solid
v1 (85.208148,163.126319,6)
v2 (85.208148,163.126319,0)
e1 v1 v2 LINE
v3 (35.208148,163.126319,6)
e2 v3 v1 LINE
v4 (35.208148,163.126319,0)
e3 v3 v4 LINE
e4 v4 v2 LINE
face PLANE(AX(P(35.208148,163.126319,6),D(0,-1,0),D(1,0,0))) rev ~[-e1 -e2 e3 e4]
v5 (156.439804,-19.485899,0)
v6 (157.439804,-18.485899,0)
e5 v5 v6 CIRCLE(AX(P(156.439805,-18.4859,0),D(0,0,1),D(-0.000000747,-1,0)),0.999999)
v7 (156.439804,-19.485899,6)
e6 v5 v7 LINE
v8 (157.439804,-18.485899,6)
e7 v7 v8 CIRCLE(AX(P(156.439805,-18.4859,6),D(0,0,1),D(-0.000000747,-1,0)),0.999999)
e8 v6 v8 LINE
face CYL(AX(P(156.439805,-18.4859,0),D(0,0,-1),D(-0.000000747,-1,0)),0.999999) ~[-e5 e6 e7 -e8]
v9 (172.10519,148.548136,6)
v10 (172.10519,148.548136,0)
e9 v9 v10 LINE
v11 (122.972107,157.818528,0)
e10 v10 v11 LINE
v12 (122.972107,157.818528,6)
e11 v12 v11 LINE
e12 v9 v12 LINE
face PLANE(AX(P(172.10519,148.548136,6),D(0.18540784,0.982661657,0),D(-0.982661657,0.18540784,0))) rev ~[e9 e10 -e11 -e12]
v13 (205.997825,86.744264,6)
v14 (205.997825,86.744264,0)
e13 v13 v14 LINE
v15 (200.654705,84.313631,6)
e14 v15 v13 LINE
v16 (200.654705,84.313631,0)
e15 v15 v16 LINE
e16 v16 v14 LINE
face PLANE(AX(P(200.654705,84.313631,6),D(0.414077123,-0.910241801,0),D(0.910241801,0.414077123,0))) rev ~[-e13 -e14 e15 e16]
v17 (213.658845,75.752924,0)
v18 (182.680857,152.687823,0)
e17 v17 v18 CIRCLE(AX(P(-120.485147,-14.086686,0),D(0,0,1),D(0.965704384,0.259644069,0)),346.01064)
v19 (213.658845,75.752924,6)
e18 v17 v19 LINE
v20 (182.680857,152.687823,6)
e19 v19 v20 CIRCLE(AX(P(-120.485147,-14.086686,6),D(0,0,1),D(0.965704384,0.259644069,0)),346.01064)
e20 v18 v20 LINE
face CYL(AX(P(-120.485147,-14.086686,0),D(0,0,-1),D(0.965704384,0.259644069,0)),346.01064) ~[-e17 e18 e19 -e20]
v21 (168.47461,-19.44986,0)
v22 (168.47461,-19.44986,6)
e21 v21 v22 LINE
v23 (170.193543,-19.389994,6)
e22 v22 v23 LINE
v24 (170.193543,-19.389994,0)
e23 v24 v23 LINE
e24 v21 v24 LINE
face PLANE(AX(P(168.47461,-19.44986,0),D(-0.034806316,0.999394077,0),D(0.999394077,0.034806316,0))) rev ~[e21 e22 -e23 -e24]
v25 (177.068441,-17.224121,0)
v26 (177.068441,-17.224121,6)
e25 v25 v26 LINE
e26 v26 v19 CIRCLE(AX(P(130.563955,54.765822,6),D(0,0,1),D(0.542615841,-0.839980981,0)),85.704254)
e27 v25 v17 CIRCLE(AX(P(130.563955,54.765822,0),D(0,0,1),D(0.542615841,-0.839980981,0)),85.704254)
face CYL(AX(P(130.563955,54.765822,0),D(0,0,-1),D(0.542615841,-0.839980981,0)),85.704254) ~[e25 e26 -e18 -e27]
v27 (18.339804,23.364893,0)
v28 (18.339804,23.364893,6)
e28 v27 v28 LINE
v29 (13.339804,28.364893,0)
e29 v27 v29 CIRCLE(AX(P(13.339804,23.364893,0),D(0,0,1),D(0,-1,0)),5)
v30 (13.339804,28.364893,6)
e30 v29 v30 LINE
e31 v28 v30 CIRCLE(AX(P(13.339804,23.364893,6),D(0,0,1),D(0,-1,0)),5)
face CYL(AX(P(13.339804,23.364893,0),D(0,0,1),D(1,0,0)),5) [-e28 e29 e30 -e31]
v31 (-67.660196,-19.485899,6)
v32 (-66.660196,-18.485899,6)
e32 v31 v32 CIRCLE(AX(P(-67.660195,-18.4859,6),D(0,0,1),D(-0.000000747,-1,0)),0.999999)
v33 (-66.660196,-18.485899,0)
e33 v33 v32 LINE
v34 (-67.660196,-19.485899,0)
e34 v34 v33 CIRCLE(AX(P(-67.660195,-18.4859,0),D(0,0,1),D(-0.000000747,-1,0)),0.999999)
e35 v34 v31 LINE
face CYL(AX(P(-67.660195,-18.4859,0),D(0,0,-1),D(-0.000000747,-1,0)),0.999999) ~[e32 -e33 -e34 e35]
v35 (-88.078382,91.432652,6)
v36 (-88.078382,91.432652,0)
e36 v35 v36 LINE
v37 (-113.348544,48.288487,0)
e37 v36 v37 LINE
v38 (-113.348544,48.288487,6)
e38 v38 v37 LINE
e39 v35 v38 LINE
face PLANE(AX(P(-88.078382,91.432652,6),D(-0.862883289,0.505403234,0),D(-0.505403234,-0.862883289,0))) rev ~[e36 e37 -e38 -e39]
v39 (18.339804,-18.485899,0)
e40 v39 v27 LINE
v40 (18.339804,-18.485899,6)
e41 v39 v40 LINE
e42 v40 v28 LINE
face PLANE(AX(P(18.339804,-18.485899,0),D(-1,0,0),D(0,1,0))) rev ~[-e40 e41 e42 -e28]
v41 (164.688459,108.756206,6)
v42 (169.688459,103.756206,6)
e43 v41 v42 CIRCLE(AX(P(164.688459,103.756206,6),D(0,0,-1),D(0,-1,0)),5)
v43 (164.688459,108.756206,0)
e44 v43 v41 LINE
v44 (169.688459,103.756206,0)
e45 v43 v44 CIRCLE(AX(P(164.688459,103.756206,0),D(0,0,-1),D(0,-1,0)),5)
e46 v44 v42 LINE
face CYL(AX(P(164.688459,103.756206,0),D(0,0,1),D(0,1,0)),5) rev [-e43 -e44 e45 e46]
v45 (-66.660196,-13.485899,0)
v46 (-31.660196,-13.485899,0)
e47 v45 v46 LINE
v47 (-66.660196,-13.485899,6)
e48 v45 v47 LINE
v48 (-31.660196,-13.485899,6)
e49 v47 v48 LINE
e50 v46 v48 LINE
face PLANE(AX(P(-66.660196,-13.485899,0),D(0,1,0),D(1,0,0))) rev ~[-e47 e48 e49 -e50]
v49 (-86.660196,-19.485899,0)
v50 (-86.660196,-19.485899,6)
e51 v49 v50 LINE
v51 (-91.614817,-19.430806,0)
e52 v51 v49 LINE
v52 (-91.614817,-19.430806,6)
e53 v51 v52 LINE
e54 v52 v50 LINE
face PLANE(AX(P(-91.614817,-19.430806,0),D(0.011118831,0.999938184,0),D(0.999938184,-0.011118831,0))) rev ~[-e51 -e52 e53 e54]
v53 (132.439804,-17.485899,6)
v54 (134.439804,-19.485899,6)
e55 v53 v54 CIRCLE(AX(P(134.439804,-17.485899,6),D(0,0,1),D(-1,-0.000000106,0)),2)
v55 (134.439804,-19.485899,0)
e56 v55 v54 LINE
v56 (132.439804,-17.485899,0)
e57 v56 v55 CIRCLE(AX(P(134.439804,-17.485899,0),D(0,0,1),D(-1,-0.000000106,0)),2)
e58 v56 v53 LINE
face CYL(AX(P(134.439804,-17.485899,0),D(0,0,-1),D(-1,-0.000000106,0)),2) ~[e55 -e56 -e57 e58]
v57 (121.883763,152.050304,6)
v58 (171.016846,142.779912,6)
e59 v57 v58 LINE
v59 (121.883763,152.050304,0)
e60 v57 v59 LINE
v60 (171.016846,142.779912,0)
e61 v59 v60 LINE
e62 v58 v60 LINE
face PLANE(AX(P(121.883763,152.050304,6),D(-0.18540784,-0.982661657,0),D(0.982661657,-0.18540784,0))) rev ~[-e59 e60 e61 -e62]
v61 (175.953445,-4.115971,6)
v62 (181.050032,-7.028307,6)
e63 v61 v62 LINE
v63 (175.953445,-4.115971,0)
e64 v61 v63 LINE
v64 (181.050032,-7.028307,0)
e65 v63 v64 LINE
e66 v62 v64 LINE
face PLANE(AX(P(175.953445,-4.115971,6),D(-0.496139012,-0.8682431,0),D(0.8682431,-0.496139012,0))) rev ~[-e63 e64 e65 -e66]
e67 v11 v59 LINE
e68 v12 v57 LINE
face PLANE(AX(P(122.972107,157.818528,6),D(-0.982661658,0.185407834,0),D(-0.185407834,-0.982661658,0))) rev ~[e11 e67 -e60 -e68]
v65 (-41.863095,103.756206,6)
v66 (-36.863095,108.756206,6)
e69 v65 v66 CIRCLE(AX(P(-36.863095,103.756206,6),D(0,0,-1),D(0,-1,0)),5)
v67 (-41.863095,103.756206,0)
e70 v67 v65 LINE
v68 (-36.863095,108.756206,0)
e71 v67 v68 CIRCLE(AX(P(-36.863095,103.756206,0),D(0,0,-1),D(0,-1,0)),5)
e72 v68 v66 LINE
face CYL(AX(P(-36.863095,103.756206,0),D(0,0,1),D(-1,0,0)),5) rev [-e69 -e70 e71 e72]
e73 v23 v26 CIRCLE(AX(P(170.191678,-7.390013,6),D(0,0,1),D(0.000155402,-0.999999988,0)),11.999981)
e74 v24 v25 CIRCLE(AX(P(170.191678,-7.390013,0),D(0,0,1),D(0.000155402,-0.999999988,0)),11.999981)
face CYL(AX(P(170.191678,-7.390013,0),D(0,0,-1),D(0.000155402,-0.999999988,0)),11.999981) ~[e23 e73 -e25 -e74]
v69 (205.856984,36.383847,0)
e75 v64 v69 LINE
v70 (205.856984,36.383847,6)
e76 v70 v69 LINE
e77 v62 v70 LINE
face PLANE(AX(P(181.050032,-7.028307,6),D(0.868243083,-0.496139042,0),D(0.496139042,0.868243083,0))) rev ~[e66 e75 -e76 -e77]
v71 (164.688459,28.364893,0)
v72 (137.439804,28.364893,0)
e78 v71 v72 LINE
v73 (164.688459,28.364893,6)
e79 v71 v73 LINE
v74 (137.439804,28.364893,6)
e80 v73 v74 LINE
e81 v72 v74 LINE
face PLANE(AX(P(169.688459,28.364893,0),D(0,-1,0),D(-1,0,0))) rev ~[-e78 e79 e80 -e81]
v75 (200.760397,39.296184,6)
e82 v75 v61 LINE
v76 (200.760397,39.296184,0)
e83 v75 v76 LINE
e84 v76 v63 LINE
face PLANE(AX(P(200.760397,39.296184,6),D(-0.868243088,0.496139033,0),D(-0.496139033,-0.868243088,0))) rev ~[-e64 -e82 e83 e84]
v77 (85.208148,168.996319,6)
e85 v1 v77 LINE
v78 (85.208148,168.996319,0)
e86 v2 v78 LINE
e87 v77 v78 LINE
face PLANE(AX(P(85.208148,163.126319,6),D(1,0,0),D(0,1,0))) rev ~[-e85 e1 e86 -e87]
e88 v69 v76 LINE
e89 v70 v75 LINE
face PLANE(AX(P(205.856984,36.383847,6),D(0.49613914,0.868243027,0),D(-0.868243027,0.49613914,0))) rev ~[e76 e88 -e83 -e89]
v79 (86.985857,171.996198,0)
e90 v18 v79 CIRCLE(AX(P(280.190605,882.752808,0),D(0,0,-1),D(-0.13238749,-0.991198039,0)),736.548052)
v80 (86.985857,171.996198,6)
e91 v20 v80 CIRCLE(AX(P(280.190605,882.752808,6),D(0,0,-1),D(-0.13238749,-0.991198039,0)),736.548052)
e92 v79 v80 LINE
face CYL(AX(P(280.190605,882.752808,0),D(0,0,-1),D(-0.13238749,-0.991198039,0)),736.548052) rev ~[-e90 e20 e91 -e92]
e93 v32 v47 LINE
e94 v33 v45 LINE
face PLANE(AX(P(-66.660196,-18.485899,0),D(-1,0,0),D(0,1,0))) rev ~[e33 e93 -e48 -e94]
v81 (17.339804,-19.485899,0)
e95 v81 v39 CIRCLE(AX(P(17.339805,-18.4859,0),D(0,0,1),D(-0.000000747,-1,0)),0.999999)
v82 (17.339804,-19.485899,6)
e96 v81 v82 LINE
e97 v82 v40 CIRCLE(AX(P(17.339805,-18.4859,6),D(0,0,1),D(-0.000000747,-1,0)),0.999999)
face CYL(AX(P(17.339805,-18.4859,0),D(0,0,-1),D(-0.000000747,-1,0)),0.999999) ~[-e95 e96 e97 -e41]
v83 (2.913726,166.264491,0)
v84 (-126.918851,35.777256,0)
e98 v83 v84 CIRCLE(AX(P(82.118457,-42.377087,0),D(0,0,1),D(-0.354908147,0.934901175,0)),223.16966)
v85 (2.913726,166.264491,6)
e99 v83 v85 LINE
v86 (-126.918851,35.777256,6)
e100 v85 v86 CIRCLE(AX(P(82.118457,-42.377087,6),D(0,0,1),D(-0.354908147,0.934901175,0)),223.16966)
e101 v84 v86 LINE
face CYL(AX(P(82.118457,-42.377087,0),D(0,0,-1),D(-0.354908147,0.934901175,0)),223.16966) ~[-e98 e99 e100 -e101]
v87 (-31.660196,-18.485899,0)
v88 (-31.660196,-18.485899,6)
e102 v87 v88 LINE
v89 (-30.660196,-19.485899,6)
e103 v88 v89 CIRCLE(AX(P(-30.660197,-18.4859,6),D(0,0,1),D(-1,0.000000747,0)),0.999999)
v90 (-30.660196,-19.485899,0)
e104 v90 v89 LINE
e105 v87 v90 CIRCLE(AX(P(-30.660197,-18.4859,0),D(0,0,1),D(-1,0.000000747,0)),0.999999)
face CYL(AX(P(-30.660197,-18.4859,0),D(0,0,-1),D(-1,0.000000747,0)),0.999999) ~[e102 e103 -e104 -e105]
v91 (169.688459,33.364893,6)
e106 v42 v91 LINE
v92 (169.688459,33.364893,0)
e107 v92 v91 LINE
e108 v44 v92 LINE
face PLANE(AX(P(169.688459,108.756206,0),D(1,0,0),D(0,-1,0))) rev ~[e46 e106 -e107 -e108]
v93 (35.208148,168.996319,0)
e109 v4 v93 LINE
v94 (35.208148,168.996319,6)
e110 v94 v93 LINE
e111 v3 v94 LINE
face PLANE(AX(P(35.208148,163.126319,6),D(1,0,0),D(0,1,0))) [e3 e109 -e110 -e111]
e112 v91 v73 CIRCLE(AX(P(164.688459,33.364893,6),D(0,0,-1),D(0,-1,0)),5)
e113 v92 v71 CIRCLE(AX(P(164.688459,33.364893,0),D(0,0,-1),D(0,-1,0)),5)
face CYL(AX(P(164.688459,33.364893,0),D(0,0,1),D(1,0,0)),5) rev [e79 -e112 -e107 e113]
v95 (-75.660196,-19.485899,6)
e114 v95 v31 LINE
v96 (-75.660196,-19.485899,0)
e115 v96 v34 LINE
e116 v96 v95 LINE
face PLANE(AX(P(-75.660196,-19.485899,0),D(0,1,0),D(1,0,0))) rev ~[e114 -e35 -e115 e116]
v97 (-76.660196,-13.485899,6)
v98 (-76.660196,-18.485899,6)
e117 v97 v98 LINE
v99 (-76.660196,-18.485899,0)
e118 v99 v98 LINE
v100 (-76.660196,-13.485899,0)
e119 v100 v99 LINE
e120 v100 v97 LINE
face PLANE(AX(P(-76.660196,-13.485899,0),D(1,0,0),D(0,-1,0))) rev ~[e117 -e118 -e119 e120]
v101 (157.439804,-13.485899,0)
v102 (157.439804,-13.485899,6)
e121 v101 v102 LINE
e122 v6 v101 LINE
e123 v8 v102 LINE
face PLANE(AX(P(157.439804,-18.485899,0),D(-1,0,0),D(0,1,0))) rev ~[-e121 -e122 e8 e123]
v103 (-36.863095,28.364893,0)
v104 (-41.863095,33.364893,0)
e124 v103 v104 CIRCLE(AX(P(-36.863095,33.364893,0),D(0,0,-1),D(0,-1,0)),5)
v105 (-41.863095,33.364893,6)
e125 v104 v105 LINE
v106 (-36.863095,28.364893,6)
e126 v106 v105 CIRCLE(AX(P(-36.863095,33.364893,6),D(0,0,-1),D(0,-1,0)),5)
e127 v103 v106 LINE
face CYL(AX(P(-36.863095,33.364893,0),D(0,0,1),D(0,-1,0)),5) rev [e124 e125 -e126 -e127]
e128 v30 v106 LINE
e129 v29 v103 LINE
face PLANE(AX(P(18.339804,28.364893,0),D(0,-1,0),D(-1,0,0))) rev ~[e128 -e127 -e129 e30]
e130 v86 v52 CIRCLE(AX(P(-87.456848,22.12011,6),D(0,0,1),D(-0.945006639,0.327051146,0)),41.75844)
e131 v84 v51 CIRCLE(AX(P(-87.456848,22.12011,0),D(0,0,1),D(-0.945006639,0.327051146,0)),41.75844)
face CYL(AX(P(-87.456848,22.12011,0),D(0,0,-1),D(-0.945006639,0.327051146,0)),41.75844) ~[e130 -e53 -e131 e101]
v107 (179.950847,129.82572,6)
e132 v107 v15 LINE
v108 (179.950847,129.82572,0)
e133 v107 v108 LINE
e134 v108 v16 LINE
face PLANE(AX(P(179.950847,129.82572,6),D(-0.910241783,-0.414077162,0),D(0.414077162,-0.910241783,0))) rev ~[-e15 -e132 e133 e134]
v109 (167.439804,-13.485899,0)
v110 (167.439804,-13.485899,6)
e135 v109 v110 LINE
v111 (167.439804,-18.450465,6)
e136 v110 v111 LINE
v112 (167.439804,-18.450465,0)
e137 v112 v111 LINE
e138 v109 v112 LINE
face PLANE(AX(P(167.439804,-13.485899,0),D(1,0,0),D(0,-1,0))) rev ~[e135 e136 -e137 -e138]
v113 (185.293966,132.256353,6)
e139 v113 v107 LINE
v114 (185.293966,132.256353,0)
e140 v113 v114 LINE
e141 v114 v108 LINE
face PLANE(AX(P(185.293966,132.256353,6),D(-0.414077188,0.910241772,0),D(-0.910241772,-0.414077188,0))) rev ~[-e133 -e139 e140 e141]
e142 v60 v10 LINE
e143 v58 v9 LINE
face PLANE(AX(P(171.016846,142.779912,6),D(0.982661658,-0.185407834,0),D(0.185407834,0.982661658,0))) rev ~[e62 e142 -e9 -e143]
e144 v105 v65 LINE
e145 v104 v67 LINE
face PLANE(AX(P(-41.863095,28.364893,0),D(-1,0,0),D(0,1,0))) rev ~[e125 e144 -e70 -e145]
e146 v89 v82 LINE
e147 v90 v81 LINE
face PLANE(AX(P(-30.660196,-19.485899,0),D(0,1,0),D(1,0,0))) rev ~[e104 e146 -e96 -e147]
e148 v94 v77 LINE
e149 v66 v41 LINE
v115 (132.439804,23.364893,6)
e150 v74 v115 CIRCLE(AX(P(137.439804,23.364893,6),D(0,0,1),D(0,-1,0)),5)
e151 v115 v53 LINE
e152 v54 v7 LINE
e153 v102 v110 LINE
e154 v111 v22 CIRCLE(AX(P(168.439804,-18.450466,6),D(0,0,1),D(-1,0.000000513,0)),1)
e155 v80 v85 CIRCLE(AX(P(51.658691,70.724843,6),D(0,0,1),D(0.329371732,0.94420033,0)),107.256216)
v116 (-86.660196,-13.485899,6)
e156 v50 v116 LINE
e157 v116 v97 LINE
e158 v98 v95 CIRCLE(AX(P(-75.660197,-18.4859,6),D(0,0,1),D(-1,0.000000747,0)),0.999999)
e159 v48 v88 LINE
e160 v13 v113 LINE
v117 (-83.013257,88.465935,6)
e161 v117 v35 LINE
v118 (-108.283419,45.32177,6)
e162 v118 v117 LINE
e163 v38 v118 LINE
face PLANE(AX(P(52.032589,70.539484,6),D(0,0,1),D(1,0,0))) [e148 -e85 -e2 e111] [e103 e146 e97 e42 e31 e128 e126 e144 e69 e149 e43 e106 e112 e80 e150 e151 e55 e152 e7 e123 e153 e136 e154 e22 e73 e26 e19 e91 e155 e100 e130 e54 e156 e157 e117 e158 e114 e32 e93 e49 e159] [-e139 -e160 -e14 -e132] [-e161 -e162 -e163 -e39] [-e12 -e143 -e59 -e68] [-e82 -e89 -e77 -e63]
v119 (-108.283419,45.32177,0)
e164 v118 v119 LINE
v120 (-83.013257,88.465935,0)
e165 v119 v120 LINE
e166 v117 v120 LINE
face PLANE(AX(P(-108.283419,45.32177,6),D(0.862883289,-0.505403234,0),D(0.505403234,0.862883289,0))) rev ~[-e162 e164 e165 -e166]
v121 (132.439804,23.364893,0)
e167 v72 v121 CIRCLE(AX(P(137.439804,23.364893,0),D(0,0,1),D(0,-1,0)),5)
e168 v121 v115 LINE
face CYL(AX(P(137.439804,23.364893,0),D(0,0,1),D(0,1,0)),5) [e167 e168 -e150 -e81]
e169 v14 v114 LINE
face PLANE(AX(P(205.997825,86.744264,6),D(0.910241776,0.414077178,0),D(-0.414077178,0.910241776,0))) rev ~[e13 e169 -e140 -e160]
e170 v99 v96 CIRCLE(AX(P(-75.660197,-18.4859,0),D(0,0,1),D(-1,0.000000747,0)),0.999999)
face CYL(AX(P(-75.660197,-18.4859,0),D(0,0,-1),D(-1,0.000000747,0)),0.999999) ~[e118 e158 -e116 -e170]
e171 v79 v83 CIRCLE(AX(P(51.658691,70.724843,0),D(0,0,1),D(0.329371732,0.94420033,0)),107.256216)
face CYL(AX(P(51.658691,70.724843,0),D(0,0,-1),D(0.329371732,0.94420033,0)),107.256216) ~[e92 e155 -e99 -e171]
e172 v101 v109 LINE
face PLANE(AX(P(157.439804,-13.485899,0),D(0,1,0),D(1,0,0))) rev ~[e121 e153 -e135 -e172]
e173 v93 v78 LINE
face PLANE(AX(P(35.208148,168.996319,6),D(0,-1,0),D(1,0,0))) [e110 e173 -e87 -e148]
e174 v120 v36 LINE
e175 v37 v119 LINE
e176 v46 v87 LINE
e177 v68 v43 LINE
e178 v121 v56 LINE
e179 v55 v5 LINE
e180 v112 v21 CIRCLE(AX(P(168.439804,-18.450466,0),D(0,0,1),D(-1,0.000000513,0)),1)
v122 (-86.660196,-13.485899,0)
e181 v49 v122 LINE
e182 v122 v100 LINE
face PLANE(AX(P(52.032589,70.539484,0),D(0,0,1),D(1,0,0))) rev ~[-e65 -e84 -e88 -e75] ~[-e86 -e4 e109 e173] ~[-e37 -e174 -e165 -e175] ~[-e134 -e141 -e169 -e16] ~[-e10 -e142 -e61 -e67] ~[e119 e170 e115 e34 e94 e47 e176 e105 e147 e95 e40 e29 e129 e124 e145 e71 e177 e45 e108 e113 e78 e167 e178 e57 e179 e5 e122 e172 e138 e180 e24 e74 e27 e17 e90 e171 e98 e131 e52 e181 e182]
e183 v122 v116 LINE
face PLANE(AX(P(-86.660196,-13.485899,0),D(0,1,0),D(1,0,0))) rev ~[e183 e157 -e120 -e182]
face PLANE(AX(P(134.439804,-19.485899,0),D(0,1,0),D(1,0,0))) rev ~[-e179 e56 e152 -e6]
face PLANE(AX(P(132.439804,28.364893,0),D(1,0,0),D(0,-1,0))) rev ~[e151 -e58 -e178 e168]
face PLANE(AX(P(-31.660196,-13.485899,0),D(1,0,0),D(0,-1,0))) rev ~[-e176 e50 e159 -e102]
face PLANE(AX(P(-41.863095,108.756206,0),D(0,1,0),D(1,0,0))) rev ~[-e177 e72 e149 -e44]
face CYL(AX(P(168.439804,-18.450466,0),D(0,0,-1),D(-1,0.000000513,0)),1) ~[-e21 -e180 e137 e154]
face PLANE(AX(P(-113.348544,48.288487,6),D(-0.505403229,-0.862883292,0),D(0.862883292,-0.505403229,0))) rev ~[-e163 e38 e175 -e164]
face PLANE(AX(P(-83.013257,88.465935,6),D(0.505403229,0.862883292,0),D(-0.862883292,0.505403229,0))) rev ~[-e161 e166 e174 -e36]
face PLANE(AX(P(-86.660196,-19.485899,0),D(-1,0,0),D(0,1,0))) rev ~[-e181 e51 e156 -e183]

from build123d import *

# Parameters (mm, degrees)
F1_DEPTH = 6
F2_R     = 5
F3_W     = 50
F3_H     = 5.87
F4_DEPTH = 25


with BuildPart() as f1:
    # F0 (on Top) → F1 (new body)
    with BuildSketch(Plane.XY):
        with BuildLine():
            ThreePointArc((170.193543, -19.389994), (173.797456, -18.835445), (177.068441, -17.224121))
            ThreePointArc((177.068441, -17.224121), (210.314706, 23.380525), (213.658845, 75.752924))
            ThreePointArc((213.658845, 75.752924), (200.483313, 115.151894), (182.680857, 152.687823))
            ThreePointArc((182.680857, 152.687823), (134.513109, 160.754816), (86.985857, 171.996198))
            ThreePointArc((86.985857, 171.996198), (44.36332, 177.732663), (2.913726, 166.264491))
            ThreePointArc((2.913726, 166.264491), (-76.082674, 115.030345), (-126.918851, 35.777256))
            ThreePointArc((-126.918851, 35.777256), (-122.637212, -0.376763), (-91.614817, -19.430806))
            Line((-91.614817, -19.430806), (-86.660196, -19.485899))
            Line((-86.660196, -19.485899), (-86.660196, -13.485899))
            Line((-86.660196, -13.485899), (-76.660196, -13.485899))
            Line((-76.660196, -13.485899), (-76.660196, -18.485899))
            ThreePointArc((-76.660196, -18.485899), (-76.367303, -19.193006), (-75.660196, -19.485899))
            Line((-75.660196, -19.485899), (-67.660196, -19.485899))
            ThreePointArc((-67.660196, -19.485899), (-66.953089, -19.193006), (-66.660196, -18.485899))
            Line((-66.660196, -18.485899), (-66.660196, -13.485899))
            Line((-66.660196, -13.485899), (-31.660196, -13.485899))
            Line((-31.660196, -13.485899), (-31.660196, -18.485899))
            ThreePointArc((-31.660196, -18.485899), (-31.367303, -19.193006), (-30.660196, -19.485899))
            Line((-30.660196, -19.485899), (17.339804, -19.485899))
            ThreePointArc((17.339804, -19.485899), (18.046911, -19.193006), (18.339804, -18.485899))
            Line((18.339804, -18.485899), (18.339804, -13.485899))
            Line((18.339804, -13.485899), (18.339804, 28.364893))
            Line((18.339804, 28.364893), (-41.863095, 28.364893))
            Line((-41.863095, 28.364893), (-41.863095, 108.756206))
            Line((-41.863095, 108.756206), (169.688459, 108.756206))
            Line((169.688459, 108.756206), (169.688459, 28.364893))
            Line((169.688459, 28.364893), (132.439804, 28.364893))
            Line((132.439804, 28.364893), (132.439804, -13.485899))
            Line((132.439804, -13.485899), (132.439804, -17.485899))
            ThreePointArc((132.439804, -17.485899), (133.02559, -18.900112), (134.439804, -19.485899))
            Line((134.439804, -19.485899), (156.439804, -19.485899))
            ThreePointArc((156.439804, -19.485899), (157.146911, -19.193006), (157.439804, -18.485899))
            Line((157.439804, -18.485899), (157.439804, -13.485899))
            Line((157.439804, -13.485899), (167.439804, -13.485899))
            Line((167.439804, -13.485899), (167.439804, -18.450465))
            ThreePointArc((167.439804, -18.450465), (167.745112, -19.169773), (168.47461, -19.44986))
            Line((168.47461, -19.44986), (170.193543, -19.389994))
        make_face()
    extrude(amount=F1_DEPTH)

    # F2
    f2_edges = [f1.edges().sort_by_distance(p)[0] for p in [
        (-41.863095, 108.756206, 3),
        (-41.863095, 28.364893, 3),
        (18.339804, 28.364893, 3),
        (169.688459, 108.756206, 3),
        (169.688459, 28.364893, 3),
        (132.439804, 28.364893, 3),
    ]]
    fillet(f2_edges, radius=F2_R)

    # F3 (on face) → F4 (cut)
    with BuildSketch(Plane.XY.offset(6)):
        Polygon((-88.078382, 91.432652), (-113.348544, 48.288487), (-108.283419, 45.32177), (-83.013257, 88.465935), align=None)
        with Locations((60.208148, 166.061319)):
            Rectangle(F3_W, F3_H)
        Polygon((172.10519, 148.548136), (122.972107, 157.818528), (121.883763, 152.050304), (171.016846, 142.779912), align=None)
        Polygon((205.997825, 86.744264), (185.293966, 132.256353), (179.950847, 129.82572), (200.654705, 84.313631), align=None)
        Polygon((175.953445, -4.115971), (181.050032, -7.028307), (205.856984, 36.383847), (200.760397, 39.296184), align=None)
    extrude(amount=-F4_DEPTH, mode=Mode.SUBTRACT)


solid = f1.part
